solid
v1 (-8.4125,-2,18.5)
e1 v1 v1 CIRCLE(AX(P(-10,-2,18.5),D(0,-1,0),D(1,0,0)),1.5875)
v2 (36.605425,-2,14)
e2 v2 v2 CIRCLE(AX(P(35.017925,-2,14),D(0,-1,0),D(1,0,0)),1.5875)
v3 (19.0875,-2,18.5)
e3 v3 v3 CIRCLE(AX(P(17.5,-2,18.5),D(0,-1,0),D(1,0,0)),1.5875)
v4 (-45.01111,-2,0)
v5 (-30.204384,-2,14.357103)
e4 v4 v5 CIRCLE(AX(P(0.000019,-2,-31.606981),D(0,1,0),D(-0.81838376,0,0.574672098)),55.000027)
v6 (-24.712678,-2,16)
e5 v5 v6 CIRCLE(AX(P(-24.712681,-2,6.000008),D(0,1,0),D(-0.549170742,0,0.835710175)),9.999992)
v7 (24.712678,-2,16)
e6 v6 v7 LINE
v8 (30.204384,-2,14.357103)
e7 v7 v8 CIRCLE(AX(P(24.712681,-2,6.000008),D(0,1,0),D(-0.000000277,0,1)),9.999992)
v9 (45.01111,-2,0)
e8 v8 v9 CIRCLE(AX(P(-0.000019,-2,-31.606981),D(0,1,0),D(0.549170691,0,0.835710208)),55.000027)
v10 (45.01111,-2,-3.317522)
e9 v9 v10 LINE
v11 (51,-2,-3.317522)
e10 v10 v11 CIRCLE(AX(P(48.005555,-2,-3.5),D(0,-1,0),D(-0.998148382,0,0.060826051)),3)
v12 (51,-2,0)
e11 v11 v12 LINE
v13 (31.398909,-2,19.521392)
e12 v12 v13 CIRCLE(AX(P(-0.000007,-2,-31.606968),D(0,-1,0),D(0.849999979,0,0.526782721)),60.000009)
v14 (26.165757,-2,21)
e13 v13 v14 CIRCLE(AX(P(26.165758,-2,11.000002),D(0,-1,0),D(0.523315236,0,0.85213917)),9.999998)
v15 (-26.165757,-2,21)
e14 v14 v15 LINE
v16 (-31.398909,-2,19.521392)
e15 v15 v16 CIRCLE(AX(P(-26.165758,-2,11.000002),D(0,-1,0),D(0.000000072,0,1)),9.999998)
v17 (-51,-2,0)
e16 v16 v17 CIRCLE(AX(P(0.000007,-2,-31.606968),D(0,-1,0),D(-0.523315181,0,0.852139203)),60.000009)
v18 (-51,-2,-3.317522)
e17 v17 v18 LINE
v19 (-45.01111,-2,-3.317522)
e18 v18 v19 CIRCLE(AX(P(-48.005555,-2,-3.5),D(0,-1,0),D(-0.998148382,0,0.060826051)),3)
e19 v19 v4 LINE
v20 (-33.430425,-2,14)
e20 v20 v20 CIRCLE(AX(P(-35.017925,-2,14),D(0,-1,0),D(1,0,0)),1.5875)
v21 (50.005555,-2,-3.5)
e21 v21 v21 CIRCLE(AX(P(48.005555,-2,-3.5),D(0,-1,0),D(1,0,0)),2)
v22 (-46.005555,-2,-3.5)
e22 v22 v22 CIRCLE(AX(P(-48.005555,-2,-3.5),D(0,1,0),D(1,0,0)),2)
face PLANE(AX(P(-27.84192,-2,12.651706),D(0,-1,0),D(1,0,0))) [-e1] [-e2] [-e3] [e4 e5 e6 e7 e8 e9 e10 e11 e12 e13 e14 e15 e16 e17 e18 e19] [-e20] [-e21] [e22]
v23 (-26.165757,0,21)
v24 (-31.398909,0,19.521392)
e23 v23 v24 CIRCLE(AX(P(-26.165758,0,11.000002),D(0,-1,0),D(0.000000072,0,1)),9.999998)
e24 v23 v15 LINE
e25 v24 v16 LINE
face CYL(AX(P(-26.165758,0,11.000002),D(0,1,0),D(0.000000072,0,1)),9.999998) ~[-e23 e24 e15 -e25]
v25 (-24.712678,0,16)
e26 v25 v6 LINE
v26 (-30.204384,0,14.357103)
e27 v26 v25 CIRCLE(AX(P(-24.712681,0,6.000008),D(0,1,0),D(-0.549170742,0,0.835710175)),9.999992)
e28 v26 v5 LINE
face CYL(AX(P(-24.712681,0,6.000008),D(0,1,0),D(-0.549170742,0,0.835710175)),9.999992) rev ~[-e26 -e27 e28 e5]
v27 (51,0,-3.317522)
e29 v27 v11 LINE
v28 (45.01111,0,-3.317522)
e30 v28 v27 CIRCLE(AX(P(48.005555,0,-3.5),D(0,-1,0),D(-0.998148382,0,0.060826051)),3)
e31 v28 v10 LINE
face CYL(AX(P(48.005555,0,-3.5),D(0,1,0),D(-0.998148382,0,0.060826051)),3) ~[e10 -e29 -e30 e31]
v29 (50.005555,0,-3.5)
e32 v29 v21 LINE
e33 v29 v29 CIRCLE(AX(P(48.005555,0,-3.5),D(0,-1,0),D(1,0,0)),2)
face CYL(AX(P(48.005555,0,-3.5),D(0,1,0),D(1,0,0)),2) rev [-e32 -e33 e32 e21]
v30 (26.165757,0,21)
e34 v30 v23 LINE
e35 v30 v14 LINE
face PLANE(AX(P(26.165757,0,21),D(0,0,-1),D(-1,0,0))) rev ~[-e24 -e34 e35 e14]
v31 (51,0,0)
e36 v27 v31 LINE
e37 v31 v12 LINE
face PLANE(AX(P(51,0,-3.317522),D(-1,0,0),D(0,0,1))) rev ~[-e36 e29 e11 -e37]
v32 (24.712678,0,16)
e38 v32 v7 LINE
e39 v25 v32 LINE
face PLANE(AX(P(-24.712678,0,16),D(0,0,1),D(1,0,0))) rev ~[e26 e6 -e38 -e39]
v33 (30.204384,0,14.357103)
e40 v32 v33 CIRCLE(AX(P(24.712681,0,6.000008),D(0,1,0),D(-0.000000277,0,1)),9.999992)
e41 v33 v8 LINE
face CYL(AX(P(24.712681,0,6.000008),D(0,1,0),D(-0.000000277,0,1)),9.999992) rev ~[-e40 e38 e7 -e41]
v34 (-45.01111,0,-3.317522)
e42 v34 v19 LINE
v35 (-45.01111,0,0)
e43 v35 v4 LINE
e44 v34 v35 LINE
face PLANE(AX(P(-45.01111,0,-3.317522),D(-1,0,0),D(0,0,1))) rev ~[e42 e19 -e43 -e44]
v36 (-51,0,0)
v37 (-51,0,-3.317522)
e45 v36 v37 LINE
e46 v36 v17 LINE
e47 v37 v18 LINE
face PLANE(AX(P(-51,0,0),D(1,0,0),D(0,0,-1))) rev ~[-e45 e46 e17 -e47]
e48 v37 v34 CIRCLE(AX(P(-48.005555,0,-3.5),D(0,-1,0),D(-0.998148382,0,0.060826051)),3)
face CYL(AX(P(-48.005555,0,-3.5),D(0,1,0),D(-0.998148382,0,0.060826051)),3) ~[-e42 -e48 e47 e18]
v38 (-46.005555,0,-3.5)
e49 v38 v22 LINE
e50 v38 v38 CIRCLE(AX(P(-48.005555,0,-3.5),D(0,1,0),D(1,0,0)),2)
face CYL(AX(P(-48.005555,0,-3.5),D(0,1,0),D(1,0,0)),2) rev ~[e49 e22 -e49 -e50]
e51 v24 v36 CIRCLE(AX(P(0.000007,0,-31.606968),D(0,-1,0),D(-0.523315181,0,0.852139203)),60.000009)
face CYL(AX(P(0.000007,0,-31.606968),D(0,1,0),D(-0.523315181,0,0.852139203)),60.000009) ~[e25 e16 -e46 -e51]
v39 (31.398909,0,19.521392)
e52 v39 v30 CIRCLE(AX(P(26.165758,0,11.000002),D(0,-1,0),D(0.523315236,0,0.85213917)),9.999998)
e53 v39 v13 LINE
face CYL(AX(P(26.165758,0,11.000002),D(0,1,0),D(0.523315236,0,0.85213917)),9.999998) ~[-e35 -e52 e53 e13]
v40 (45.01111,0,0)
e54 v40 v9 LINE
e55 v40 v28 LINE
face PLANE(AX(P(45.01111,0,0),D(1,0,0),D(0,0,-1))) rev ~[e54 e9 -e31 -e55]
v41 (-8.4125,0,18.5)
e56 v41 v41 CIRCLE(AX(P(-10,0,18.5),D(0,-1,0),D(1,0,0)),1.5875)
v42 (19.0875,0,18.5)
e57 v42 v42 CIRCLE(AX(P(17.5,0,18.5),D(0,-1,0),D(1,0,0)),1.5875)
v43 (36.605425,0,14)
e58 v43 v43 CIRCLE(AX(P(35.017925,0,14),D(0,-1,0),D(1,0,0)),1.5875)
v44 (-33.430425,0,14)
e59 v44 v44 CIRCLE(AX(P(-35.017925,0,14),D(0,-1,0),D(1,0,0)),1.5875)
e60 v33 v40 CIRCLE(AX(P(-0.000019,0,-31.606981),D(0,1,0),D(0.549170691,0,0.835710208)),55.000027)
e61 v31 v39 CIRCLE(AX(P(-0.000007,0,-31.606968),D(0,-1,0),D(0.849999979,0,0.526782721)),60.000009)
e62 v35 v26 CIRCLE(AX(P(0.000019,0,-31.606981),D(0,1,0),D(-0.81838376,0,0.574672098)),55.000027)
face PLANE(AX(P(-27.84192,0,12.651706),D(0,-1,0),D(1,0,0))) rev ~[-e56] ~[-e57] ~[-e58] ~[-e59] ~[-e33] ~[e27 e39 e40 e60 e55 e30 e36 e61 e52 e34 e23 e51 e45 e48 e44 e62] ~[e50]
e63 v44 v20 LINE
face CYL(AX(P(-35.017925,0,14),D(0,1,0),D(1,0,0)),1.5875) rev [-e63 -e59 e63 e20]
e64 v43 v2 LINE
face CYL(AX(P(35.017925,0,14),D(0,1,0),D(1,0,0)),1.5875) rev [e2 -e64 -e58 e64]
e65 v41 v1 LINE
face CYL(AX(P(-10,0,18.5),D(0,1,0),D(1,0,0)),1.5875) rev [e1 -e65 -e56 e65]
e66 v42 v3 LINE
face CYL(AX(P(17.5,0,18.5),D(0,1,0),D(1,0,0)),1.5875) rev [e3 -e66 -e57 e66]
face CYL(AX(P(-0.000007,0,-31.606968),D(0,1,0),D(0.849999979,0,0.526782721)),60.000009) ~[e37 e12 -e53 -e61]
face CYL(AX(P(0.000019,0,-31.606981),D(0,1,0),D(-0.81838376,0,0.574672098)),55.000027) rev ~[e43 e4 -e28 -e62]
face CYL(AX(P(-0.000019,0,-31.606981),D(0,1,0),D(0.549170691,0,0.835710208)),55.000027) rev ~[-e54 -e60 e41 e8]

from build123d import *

# Parameters (mm, degrees)
F0_R     = 1.5875
F0_R_2   = 2
F1_DEPTH = 2


with BuildPart() as f1:
    # F0 (on Front) → F1 (new body)
    with BuildSketch(Plane.XZ):
        with BuildLine():
            ThreePointArc((-50.005555, -3.5), (-48.005555, -1.5), (-46.005555, -3.5))
            Line((-46.005555, -3.5), (-45.01111, -3.5))
            Line((-45.01111, -3.5), (-45.01111, -3.317522))
            Line((-45.01111, -3.317522), (-45.01111, 0))
            ThreePointArc((-45.01111, 0), (-38.286737, 7.878805), (-30.204384, 14.357103))
            ThreePointArc((-30.204384, 14.357103), (-27.578771, 15.580476), (-24.712678, 16))
            Line((-24.712678, 16), (0, 16))
            Line((0, 16), (0, 21))
            Line((0, 21), (-26.165757, 21))
            ThreePointArc((-26.165757, 21), (-28.884772, 20.623251), (-31.398909, 19.521392))
            ThreePointArc((-31.398909, 19.521392), (-42.339889, 10.905787), (-51, 0))
            Line((-51, 0), (-51, -3.317522))
            Line((-51, -3.317522), (-51, -3.5))
            Line((-51, -3.5), (-50.005555, -3.5))
        make_face()
        with Locations((-35.017925, 14)):
            Circle(F0_R, mode=Mode.SUBTRACT)
        with Locations((-10, 18.5)):
            Circle(F0_R, mode=Mode.SUBTRACT)
        with BuildLine():
            Line((-45.01111, -3.5), (-46.005555, -3.5))
            ThreePointArc((-46.005555, -3.5), (-48.005555, -5.5), (-50.005555, -3.5))
            Line((-50.005555, -3.5), (-51, -3.5))
            Line((-51, -3.5), (-51, -3.317522))
            ThreePointArc((-51, -3.317522), (-48.005555, -6.5), (-45.01111, -3.317522))
            Line((-45.01111, -3.317522), (-45.01111, -3.5))
        make_face()
        with BuildLine():
            Line((0, 21), (0, 16))
            Line((0, 16), (24.712678, 16))
            ThreePointArc((24.712678, 16), (27.578771, 15.580476), (30.204384, 14.357103))
            ThreePointArc((30.204384, 14.357103), (38.286737, 7.878805), (45.01111, 0))
            Line((45.01111, 0), (45.01111, -3.317522))
            ThreePointArc((45.01111, -3.317522), (48.005555, -6.5), (51, -3.317522))
            Line((51, -3.317522), (51, 0))
            ThreePointArc((51, 0), (42.339889, 10.905787), (31.398909, 19.521392))
            ThreePointArc((31.398909, 19.521392), (28.884772, 20.623251), (26.165757, 21))
            Line((26.165757, 21), (0, 21))
        make_face()
        with Locations((48.005555, -3.5)):
            Circle(F0_R_2, mode=Mode.SUBTRACT)
        with Locations((35.017925, 14)):
            Circle(F0_R, mode=Mode.SUBTRACT)
        with Locations((17.5, 18.5)):
            Circle(F0_R, mode=Mode.SUBTRACT)
    extrude(amount=F1_DEPTH)


solid = f1.part
